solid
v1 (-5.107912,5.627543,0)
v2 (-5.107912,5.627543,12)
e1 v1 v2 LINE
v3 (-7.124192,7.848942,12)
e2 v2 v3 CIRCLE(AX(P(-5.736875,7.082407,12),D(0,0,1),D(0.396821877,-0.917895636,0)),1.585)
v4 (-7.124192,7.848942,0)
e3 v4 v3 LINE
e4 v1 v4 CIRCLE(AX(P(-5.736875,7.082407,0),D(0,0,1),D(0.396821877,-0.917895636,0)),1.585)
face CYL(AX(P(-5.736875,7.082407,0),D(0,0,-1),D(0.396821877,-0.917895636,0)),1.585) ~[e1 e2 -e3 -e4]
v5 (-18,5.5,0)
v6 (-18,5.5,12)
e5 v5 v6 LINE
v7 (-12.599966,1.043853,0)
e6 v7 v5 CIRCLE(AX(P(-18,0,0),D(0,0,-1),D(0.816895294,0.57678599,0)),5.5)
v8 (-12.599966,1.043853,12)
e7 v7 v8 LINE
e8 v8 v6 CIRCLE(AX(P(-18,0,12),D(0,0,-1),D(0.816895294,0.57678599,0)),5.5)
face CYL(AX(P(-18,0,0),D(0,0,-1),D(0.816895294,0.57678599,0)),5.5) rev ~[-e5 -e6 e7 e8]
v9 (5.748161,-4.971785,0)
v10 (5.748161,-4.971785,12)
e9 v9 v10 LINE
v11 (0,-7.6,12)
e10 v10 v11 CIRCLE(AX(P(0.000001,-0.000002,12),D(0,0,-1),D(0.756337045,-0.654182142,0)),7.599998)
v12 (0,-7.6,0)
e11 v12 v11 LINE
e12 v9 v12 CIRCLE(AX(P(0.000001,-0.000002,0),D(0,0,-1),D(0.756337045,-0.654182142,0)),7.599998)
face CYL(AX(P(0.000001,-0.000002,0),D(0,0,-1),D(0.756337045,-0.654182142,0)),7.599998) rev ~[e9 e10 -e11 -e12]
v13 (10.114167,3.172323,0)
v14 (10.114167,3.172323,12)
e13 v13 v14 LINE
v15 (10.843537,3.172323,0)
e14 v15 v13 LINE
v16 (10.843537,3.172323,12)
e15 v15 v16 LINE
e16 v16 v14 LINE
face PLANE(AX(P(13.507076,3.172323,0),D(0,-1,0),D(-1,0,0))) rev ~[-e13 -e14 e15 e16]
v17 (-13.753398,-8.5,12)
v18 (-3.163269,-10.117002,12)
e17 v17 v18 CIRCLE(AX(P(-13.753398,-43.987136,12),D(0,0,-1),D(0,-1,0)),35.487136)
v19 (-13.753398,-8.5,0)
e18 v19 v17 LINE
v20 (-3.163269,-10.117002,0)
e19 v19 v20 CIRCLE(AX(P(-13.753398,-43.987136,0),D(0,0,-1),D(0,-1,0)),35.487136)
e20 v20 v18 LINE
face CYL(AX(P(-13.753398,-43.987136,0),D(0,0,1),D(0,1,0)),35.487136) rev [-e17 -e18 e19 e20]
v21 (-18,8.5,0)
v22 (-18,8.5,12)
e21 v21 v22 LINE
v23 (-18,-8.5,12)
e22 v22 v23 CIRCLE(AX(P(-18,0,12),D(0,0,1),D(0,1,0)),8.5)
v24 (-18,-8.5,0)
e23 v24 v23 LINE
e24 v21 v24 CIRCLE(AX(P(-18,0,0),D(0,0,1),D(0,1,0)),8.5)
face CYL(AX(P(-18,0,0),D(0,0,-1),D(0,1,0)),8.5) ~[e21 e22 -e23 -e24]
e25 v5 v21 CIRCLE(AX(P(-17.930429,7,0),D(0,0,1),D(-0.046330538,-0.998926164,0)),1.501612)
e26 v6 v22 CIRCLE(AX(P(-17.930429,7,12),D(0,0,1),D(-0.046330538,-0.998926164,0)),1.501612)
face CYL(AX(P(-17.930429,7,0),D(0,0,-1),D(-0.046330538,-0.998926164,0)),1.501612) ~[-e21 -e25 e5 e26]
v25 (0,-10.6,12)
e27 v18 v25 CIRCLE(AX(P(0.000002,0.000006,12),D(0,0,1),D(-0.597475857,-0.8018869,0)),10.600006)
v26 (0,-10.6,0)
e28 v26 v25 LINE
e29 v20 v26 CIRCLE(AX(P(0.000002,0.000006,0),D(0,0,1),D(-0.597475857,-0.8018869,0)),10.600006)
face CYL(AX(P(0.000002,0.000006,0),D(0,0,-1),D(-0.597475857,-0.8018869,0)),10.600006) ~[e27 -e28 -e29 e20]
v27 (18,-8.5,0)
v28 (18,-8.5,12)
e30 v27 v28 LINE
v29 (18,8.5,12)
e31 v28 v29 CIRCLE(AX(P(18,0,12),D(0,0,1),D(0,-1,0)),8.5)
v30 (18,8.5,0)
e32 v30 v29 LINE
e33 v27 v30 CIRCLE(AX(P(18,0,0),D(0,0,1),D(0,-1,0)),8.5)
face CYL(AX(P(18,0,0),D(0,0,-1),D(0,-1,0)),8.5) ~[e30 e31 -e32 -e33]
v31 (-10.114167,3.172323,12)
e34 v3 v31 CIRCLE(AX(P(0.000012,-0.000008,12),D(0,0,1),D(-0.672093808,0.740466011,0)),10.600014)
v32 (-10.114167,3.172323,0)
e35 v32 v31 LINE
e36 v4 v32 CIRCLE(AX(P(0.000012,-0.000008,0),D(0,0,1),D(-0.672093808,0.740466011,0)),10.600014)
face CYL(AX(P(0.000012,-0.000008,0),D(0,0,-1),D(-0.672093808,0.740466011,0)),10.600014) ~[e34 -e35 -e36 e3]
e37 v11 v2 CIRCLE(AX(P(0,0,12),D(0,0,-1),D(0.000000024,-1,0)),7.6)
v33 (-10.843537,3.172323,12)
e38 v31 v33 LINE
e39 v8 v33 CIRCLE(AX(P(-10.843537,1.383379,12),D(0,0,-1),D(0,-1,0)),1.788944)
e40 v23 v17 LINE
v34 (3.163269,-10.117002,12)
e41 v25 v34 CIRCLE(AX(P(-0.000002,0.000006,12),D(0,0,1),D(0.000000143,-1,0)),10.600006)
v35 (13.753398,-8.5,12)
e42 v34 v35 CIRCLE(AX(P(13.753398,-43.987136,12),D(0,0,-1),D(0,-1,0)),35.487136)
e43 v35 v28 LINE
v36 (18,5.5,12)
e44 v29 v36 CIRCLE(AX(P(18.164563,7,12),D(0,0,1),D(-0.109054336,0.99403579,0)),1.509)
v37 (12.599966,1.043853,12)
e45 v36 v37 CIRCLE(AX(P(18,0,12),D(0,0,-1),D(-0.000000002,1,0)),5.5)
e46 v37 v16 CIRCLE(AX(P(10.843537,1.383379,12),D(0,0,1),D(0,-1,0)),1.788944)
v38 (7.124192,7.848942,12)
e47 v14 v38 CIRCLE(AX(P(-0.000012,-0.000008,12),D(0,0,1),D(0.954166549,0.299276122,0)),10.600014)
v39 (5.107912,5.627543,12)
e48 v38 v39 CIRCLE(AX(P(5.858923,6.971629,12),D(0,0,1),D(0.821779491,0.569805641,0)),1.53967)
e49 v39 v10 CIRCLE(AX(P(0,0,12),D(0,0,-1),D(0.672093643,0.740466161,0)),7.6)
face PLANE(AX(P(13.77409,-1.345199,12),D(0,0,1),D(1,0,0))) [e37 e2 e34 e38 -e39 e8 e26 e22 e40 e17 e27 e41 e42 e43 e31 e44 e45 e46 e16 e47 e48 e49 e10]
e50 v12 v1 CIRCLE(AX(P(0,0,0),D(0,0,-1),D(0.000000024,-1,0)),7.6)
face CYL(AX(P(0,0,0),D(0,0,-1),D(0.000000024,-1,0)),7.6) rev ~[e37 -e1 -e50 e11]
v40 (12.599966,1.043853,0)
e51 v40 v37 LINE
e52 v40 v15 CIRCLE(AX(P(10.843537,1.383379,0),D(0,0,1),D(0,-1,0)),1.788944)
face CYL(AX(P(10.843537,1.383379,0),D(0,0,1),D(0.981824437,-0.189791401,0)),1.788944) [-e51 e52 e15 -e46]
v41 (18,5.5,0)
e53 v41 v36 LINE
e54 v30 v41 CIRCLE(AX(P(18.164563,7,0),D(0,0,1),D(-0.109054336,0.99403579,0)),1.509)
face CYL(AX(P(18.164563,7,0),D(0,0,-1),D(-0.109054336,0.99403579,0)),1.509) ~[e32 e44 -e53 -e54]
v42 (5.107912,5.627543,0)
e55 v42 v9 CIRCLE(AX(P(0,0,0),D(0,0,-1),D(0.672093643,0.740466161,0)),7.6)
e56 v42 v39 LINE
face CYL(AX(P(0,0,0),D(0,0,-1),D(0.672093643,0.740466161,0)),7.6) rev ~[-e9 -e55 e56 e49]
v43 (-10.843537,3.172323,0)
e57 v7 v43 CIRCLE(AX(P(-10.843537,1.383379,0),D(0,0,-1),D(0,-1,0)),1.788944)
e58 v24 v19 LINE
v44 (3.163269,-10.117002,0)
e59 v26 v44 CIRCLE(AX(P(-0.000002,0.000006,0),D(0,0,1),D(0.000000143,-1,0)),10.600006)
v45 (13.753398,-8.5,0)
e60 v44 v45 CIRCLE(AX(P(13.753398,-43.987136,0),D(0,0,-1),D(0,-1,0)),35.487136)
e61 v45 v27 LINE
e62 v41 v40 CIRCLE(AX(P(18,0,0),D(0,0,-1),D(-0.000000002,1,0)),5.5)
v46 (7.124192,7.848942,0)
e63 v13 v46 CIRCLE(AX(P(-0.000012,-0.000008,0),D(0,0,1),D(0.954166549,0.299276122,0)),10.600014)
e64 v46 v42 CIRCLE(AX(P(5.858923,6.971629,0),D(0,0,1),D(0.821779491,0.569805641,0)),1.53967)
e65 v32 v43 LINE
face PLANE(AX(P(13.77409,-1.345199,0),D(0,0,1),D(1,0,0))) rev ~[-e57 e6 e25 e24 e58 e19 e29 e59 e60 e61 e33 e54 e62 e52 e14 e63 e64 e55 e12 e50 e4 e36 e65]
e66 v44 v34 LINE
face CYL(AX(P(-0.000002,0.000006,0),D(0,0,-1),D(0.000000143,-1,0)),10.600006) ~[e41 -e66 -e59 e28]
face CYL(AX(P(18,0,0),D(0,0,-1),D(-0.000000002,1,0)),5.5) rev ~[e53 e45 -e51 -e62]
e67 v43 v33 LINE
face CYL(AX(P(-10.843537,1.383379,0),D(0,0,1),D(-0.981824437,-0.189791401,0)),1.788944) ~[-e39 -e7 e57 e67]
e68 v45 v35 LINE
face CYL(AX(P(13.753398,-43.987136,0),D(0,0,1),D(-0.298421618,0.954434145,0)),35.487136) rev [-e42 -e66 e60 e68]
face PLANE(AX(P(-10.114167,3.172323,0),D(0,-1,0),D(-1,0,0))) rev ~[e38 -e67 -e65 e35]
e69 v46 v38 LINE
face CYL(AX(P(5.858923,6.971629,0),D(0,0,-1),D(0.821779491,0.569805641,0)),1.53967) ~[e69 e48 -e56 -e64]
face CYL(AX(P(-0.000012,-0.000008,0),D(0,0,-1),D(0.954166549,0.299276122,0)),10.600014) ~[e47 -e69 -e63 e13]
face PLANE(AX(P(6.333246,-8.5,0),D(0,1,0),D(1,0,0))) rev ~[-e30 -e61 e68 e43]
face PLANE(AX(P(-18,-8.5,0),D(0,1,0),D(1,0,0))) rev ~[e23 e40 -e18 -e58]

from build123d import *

# Parameters (mm, degrees)
F1_DEPTH = 12
F2_R     = 35.487136
F3_R     = 1.788944


with BuildPart() as f1:
    # F0 (on Top) → F1 (new body)
    with BuildSketch(Plane.XY):
        with BuildLine():
            Line((0, -7.6), (0, -10.6))
            ThreePointArc((0, -10.6), (3.336165, -10.061312), (6.333246, -8.5))
            Line((6.333246, -8.5), (18, -8.5))
            ThreePointArc((18, -8.5), (26.5, 0), (18, 8.5))
            Line((18, 8.5), (18, 5.5))
            ThreePointArc((18, 5.5), (20.530042, -4.883532), (13.507076, 3.172323))
            Line((13.507076, 3.172323), (10.114167, 3.172323))
            ThreePointArc((10.114167, 3.172323), (8.93073, 5.709821), (7.124192, 7.848942))
            ThreePointArc((7.124192, 7.848942), (4.718849, 8.006432), (5.107912, 5.627543))
            ThreePointArc((5.107912, 5.627543), (7.586173, 0.45824), (5.748161, -4.971785))
            ThreePointArc((5.748161, -4.971785), (3.160256, -6.911786), (0, -7.6))
        make_face()
        with BuildLine():
            Line((18, 5.5), (18, 8.5))
            ThreePointArc((18, 8.5), (16.655563, 7), (18, 5.5))
        make_face()
        with BuildLine():
            ThreePointArc((-6.333246, -8.5), (-3.336165, -10.061312), (0, -10.6))
            Line((0, -10.6), (0, -7.6))
            ThreePointArc((0, -7.6), (-7.089758, -2.737761), (-5.107912, 5.627543))
            ThreePointArc((-5.107912, 5.627543), (-4.563236, 8.147676), (-7.124192, 7.848942))
            ThreePointArc((-7.124192, 7.848942), (-8.93073, 5.709821), (-10.114167, 3.172323))
            Line((-10.114167, 3.172323), (-13.507076, 3.172323))
            ThreePointArc((-13.507076, 3.172323), (-20.530042, -4.883532), (-18, 5.5))
            Line((-18, 5.5), (-18, 8.5))
            ThreePointArc((-18, 8.5), (-26.5, 0), (-18, -8.5))
            Line((-18, -8.5), (-6.333246, -8.5))
        make_face()
        with BuildLine():
            ThreePointArc((-18, 5.5), (-16.428817, 7), (-18, 8.5))
            Line((-18, 8.5), (-18, 5.5))
        make_face()
    extrude(amount=F1_DEPTH)

    # F2
    f2_edges = [f1.edges().sort_by_distance(p)[0] for p in [
        (-6.333246, -8.5, 6),
        (6.333246, -8.5, 6),
    ]]
    fillet(f2_edges, radius=F2_R)

    # F3
    f3_edges = [f1.edges().sort_by_distance(p)[0] for p in [
        (-13.507076, 3.172323, 6),
        (13.507076, 3.172323, 6),
    ]]
    fillet(f3_edges, radius=F3_R)


solid = f1.part
